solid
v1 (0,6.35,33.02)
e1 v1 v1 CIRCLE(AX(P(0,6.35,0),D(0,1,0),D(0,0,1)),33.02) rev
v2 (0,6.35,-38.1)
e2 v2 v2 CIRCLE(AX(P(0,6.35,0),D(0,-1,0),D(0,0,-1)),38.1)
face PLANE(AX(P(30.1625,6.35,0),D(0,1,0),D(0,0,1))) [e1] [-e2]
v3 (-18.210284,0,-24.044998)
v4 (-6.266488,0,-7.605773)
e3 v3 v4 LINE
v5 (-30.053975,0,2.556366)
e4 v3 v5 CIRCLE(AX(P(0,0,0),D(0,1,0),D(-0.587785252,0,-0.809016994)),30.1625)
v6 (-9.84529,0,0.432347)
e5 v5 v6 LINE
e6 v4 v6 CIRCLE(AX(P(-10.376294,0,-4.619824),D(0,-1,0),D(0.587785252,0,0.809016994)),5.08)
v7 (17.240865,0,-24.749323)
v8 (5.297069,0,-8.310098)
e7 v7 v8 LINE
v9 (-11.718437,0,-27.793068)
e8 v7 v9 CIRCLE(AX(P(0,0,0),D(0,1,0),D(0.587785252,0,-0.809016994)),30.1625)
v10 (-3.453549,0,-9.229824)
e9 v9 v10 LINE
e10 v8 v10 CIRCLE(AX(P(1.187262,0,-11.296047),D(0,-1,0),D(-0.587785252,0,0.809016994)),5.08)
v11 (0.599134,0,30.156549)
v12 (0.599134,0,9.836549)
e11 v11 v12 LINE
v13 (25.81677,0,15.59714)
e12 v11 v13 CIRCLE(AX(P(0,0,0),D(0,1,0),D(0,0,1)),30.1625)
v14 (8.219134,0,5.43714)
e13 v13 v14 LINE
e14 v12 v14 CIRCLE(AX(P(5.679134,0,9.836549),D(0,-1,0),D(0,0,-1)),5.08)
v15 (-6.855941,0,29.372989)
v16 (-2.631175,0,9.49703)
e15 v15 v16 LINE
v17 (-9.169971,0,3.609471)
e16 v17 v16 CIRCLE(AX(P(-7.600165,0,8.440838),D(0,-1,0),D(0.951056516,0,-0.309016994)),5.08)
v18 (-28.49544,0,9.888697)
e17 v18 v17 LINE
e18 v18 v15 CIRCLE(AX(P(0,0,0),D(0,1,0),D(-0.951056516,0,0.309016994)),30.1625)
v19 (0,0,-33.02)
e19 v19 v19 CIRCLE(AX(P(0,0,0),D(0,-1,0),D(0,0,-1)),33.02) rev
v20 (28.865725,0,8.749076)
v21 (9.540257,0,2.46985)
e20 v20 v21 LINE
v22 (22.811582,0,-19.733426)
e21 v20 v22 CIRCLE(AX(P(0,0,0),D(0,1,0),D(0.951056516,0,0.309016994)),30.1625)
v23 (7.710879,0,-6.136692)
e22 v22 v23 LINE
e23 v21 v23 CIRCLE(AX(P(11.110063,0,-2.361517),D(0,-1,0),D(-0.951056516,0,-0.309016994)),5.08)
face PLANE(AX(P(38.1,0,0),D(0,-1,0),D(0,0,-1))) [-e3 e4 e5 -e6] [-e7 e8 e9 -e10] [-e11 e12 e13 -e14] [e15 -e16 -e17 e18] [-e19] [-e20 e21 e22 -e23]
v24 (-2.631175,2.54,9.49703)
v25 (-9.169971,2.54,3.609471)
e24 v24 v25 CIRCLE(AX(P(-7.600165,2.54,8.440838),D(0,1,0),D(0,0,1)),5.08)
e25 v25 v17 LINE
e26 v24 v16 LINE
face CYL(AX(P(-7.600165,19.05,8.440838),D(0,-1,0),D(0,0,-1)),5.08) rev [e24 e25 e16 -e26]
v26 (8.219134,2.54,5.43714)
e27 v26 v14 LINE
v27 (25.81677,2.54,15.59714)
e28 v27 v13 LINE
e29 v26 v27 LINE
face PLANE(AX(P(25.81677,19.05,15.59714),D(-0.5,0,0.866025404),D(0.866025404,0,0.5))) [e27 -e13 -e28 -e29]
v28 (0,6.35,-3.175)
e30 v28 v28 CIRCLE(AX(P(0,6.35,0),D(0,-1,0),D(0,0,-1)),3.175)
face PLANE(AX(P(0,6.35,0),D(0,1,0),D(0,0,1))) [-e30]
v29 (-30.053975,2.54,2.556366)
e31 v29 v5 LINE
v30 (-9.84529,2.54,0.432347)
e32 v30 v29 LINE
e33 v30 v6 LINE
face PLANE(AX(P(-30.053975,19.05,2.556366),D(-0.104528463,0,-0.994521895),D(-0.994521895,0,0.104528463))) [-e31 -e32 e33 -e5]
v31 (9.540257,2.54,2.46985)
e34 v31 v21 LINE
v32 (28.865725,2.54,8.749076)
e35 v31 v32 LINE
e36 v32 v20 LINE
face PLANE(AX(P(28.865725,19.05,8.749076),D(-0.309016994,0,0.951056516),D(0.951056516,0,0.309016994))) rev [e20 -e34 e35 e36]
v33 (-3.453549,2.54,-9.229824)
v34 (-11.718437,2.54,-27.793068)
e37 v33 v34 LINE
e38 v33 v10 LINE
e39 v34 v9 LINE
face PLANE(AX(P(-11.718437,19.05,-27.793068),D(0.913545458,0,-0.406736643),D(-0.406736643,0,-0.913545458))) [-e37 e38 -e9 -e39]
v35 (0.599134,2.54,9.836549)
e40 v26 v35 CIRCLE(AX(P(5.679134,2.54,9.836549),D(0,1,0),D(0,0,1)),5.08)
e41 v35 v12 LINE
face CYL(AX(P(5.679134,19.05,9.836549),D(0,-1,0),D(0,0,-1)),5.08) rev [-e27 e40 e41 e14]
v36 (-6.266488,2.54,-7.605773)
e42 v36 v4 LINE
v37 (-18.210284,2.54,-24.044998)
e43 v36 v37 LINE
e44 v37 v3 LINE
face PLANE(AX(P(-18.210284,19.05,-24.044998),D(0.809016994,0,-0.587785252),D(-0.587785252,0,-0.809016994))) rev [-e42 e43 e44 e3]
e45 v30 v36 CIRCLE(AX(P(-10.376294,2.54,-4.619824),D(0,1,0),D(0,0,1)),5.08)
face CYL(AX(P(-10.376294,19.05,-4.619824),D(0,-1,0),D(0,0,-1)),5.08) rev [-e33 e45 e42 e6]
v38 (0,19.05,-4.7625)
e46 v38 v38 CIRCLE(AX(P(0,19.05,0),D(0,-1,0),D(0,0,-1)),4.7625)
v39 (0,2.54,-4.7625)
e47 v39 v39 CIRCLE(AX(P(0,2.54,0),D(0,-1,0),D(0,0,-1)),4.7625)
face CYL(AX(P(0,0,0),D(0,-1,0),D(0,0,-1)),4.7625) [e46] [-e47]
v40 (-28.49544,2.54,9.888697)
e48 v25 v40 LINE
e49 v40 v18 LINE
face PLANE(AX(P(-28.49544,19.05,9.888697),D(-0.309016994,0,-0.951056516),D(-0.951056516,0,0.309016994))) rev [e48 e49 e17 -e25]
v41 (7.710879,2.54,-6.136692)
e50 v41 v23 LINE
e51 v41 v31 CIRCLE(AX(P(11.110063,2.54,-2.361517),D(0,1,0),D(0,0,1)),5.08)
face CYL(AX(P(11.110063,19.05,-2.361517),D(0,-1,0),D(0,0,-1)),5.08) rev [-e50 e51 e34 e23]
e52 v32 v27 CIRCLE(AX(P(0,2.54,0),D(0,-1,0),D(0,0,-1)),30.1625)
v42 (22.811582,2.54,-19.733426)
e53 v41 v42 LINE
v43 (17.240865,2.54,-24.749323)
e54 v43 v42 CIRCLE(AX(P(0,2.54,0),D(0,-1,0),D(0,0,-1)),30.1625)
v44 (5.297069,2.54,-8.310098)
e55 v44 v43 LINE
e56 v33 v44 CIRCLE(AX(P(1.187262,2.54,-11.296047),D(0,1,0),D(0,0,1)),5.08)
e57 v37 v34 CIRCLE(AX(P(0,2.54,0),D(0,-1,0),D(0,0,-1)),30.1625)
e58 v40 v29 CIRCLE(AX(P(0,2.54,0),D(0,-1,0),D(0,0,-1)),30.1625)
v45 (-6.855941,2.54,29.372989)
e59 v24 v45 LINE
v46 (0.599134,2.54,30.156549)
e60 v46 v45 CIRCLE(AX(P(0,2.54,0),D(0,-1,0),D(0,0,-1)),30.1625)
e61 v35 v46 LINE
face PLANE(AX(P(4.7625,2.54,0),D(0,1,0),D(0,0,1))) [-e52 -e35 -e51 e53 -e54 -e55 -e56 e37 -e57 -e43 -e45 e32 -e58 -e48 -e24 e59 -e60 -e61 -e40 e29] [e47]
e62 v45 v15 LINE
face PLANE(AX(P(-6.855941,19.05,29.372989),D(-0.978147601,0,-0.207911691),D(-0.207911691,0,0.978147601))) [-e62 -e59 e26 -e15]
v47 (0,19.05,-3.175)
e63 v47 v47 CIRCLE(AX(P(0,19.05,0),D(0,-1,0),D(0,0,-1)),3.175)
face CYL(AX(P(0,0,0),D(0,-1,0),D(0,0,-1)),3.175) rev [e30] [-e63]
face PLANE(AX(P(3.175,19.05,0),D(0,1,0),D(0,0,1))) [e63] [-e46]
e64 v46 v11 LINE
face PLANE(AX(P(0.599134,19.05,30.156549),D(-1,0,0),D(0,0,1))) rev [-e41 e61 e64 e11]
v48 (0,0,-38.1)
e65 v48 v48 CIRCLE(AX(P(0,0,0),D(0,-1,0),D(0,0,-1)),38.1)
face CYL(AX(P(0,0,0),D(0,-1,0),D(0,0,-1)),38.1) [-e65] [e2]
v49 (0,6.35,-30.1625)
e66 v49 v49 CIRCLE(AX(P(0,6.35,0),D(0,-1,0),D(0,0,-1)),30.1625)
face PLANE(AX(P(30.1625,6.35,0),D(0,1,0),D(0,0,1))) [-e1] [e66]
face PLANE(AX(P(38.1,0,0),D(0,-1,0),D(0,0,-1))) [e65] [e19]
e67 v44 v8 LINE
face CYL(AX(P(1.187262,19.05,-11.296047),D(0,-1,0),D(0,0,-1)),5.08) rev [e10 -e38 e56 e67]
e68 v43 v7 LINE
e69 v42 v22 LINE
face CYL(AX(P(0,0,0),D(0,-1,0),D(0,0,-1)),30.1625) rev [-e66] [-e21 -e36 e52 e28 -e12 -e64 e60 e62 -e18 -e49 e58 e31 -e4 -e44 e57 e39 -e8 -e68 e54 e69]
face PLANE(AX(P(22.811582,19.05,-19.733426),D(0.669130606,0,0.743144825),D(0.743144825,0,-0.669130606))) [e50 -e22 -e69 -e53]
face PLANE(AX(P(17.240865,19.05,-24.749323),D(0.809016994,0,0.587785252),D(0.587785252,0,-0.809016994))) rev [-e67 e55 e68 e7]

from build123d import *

# Parameters (mm, degrees)
CUT_EXTRUDE1_DEPTH = 58.15
CIRPATTERN1_COUNT  = 5


with BuildPart() as part:
    # Sketch1 → Revolve1 (revolve)
    with BuildSketch(Plane.XY):
        Polygon((38.1, 6.35), (38.1, 0), (0, 0), (0, 6.35), (3.175, 6.35), (3.175, 19.05), (4.7625, 19.05), (4.7625, 2.54), (30.1625, 2.54), (30.1625, 6.35), align=None)
    revolve(axis=Axis((0, 0, 0), (0, 1, 0)))

    # Sketch2 → Cut-Extrude1 (cut, through all)
    with BuildSketch(Plane.XZ):
        with BuildLine():
            Line((0.599134, 30.156549), (0.599134, 9.836549))
            ThreePointArc((0.599134, 9.836549), (3.139134, 5.43714), (8.219134, 5.43714))
            Line((8.219134, 5.43714), (25.81677, 15.59714))
            ThreePointArc((25.81677, 15.59714), (15.08125, 26.121491), (0.599134, 30.156549))
        make_face()
    cut_extrude1 = extrude(amount=-CUT_EXTRUDE1_DEPTH, mode=Mode.SUBTRACT)

    # CirPattern1: Cut-Extrude1 ×5 about axis
    cirpattern1_axis = Axis((0, -1.42875, 0), (0, 1, 0))
    for i in range(1, CIRPATTERN1_COUNT):
        add(cut_extrude1.rotate(cirpattern1_axis, i * 360 / CIRPATTERN1_COUNT), mode=Mode.SUBTRACT)


solid = part.part
